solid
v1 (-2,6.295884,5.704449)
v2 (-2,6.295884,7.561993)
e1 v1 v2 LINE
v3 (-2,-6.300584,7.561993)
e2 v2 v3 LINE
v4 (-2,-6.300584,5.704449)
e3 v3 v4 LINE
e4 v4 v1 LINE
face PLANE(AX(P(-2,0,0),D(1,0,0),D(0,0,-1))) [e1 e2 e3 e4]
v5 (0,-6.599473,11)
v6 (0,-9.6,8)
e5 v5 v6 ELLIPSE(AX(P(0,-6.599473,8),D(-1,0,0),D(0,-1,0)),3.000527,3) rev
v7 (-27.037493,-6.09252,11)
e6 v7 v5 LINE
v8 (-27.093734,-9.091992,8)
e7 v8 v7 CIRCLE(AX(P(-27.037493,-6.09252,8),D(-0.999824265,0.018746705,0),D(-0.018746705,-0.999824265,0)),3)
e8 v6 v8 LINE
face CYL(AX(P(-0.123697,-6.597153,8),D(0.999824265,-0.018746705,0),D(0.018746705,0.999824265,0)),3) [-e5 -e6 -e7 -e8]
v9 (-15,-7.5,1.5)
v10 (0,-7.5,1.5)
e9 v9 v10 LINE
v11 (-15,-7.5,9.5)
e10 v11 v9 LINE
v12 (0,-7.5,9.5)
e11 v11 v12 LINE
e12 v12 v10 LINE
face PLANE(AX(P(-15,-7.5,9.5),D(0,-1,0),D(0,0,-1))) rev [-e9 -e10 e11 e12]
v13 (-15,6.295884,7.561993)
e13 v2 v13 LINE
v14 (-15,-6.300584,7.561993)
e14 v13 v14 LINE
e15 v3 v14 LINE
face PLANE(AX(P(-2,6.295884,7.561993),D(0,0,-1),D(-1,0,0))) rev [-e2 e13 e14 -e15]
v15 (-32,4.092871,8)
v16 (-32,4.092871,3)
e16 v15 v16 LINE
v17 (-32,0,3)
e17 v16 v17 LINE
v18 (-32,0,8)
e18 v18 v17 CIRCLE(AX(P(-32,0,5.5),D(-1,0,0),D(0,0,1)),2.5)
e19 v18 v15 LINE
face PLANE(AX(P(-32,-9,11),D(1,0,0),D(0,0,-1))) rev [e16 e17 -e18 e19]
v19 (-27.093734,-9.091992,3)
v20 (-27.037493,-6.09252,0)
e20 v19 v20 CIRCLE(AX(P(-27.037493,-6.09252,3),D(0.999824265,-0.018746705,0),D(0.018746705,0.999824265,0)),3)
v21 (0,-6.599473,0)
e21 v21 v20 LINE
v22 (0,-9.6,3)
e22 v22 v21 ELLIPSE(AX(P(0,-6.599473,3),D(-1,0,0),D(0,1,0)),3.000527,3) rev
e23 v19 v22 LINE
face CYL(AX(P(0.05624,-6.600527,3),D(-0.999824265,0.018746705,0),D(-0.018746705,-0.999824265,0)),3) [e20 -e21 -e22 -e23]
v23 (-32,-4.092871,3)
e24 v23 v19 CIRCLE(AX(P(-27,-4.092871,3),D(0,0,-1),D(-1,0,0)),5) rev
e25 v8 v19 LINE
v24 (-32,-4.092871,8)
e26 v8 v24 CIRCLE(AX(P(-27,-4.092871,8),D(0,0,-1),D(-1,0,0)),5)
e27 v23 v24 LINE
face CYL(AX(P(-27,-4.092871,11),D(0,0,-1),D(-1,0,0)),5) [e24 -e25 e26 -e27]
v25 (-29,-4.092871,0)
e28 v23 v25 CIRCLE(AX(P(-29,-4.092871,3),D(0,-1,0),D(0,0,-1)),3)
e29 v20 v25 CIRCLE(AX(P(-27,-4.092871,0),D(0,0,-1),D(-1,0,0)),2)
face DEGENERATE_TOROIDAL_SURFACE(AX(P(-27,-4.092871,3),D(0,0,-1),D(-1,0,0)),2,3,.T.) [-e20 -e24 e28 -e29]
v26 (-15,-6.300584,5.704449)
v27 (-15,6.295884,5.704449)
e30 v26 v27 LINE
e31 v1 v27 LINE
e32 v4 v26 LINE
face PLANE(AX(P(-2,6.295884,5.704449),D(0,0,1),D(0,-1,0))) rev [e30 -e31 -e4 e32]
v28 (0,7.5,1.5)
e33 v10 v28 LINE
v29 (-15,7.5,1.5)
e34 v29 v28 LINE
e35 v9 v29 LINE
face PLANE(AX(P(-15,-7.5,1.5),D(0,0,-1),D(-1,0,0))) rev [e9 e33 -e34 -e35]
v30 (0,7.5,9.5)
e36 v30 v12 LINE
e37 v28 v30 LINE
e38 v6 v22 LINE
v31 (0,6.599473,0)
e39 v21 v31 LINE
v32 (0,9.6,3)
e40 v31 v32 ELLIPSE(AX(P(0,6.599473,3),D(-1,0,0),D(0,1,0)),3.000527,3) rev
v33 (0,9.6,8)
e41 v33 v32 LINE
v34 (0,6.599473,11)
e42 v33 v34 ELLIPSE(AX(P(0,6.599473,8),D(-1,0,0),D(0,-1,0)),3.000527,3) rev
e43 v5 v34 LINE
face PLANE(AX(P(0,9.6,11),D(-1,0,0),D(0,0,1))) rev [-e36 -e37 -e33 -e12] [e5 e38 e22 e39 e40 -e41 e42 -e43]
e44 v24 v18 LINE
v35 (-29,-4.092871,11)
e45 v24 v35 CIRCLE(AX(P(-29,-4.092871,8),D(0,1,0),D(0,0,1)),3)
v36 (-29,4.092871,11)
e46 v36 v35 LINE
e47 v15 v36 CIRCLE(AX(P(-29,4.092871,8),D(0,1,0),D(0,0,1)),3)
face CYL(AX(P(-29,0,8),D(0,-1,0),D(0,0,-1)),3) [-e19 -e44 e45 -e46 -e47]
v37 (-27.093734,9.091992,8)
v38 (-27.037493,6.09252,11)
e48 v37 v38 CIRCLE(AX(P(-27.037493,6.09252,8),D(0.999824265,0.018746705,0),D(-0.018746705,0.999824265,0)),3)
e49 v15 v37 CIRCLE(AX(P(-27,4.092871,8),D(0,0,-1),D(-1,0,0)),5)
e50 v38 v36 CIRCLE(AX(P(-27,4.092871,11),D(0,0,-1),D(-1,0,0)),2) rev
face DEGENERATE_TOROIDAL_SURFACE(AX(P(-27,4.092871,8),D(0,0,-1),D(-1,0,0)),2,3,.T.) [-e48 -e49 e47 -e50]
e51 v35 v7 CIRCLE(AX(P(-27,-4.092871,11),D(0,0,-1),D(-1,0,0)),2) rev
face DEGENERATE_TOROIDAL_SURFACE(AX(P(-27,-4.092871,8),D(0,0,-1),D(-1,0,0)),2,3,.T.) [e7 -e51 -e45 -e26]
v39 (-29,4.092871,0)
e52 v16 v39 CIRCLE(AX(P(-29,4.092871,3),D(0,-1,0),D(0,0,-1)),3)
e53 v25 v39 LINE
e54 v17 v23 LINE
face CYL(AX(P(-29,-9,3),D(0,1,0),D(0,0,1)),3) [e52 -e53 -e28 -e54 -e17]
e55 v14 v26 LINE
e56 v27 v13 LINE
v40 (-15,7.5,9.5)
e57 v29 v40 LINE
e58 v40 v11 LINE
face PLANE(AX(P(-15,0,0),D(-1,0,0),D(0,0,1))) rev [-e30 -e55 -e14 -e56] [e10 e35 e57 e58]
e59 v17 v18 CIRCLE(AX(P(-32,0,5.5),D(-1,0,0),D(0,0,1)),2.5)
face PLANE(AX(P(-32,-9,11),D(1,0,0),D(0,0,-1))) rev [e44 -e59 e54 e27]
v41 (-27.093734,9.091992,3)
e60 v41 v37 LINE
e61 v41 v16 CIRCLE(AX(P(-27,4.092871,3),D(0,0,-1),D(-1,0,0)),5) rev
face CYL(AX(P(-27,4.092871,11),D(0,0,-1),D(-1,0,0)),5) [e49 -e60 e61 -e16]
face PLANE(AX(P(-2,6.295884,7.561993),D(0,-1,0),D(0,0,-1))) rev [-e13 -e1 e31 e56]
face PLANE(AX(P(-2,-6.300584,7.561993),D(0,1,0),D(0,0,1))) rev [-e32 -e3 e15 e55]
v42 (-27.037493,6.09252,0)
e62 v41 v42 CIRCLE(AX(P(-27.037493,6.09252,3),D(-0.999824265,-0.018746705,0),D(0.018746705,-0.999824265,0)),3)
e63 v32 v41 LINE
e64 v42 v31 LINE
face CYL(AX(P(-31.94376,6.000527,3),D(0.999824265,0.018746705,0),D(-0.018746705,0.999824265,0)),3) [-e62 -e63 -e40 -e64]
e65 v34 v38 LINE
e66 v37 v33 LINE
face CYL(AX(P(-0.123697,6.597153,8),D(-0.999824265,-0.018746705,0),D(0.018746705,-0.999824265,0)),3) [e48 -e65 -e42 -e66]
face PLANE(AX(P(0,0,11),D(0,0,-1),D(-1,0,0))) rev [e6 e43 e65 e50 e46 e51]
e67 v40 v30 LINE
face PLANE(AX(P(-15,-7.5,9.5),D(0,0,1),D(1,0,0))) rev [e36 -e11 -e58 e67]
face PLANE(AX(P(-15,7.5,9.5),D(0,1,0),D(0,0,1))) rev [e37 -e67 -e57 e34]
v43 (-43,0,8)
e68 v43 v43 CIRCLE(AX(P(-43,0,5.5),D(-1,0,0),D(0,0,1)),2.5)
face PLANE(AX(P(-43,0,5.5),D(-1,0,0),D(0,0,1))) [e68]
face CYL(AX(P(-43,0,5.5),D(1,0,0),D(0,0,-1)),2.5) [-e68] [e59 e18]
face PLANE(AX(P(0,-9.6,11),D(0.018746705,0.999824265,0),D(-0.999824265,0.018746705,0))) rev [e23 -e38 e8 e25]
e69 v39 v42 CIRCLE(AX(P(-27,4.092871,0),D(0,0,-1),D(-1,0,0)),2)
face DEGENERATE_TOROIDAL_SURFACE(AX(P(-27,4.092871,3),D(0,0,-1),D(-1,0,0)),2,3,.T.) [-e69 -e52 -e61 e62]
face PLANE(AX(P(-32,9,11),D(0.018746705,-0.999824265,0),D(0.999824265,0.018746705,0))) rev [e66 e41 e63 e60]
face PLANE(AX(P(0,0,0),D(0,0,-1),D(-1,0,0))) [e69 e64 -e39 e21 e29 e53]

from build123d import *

# Parameters (mm, degrees)
SALIENTE_EXTRUIR1_DEPTH = 11
REDONDEO1_R             = 5
REDONDEO2_R             = 3
CROQUIS2_R              = 2.5
SALIENTE_EXTRUIR2_DEPTH = 11
CROQUIS3_W              = 8
CROQUIS3_H              = 15
CORTAR_EXTRUIR1_DEPTH   = 15
CROQUIS4_W              = 1.857543752
CROQUIS4_H              = 12.596468565
SALIENTE_EXTRUIR3_DEPTH = 13


with BuildPart() as part:
    # Croquis1 → Saliente-Extruir1 (new body)
    with BuildSketch(Plane.XY):
        Polygon((0, 9.6), (0, -9.6), (-32, -9), (-32, 9), align=None)
    extrude(amount=SALIENTE_EXTRUIR1_DEPTH)

    # Redondeo1
    redondeo1_edges = [part.edges().sort_by_distance(p)[0] for p in [
        (-32, -9, 5.5),
        (-32, 9, 5.5),
    ]]
    fillet(redondeo1_edges, radius=REDONDEO1_R)

    # Redondeo2
    redondeo2_edges = [part.edges().sort_by_distance(p)[0] for p in [
        (-13.546866762, 9.345996248, 11),
        (-13.546866762, -9.345996248, 0),
        (-13.546866762, -9.345996248, 11),
        (-32, 0, 0),
        (-30.568519835, 7.595108483, 0),
        (-30.568519835, -7.595108483, 0),
        (-32, 0, 11),
        (-30.568519835, 7.595108483, 11),
        (-30.568519835, -7.595108483, 11),
        (-13.546866762, 9.345996248, 0),
    ]]
    fillet(redondeo2_edges, radius=REDONDEO2_R)

    # Croquis2 → Saliente-Extruir2 (add)
    with BuildSketch(Plane.ZY.offset(32)):
        with Locations((5.5, 0)):
            Circle(CROQUIS2_R)
    extrude(amount=SALIENTE_EXTRUIR2_DEPTH)

    # Croquis3 → Cortar-Extruir1 (cut)
    with BuildSketch(Plane(origin=(0, 0, 0), x_dir=(0, 0, -1), z_dir=(1, 0, 0))):
        with Locations((-5.5, 0)):
            Rectangle(CROQUIS3_W, CROQUIS3_H)
    extrude(amount=-CORTAR_EXTRUIR1_DEPTH, mode=Mode.SUBTRACT)

    # Croquis4 → Saliente-Extruir3 (add)
    with BuildSketch(Plane(origin=(-15, 0, 0), x_dir=(0, 0, -1), z_dir=(1, 0, 0))):
        with Locations((-6.633221346, -0.002349923)):
            Rectangle(CROQUIS4_W, CROQUIS4_H)
    extrude(amount=SALIENTE_EXTRUIR3_DEPTH)


solid = part.part
